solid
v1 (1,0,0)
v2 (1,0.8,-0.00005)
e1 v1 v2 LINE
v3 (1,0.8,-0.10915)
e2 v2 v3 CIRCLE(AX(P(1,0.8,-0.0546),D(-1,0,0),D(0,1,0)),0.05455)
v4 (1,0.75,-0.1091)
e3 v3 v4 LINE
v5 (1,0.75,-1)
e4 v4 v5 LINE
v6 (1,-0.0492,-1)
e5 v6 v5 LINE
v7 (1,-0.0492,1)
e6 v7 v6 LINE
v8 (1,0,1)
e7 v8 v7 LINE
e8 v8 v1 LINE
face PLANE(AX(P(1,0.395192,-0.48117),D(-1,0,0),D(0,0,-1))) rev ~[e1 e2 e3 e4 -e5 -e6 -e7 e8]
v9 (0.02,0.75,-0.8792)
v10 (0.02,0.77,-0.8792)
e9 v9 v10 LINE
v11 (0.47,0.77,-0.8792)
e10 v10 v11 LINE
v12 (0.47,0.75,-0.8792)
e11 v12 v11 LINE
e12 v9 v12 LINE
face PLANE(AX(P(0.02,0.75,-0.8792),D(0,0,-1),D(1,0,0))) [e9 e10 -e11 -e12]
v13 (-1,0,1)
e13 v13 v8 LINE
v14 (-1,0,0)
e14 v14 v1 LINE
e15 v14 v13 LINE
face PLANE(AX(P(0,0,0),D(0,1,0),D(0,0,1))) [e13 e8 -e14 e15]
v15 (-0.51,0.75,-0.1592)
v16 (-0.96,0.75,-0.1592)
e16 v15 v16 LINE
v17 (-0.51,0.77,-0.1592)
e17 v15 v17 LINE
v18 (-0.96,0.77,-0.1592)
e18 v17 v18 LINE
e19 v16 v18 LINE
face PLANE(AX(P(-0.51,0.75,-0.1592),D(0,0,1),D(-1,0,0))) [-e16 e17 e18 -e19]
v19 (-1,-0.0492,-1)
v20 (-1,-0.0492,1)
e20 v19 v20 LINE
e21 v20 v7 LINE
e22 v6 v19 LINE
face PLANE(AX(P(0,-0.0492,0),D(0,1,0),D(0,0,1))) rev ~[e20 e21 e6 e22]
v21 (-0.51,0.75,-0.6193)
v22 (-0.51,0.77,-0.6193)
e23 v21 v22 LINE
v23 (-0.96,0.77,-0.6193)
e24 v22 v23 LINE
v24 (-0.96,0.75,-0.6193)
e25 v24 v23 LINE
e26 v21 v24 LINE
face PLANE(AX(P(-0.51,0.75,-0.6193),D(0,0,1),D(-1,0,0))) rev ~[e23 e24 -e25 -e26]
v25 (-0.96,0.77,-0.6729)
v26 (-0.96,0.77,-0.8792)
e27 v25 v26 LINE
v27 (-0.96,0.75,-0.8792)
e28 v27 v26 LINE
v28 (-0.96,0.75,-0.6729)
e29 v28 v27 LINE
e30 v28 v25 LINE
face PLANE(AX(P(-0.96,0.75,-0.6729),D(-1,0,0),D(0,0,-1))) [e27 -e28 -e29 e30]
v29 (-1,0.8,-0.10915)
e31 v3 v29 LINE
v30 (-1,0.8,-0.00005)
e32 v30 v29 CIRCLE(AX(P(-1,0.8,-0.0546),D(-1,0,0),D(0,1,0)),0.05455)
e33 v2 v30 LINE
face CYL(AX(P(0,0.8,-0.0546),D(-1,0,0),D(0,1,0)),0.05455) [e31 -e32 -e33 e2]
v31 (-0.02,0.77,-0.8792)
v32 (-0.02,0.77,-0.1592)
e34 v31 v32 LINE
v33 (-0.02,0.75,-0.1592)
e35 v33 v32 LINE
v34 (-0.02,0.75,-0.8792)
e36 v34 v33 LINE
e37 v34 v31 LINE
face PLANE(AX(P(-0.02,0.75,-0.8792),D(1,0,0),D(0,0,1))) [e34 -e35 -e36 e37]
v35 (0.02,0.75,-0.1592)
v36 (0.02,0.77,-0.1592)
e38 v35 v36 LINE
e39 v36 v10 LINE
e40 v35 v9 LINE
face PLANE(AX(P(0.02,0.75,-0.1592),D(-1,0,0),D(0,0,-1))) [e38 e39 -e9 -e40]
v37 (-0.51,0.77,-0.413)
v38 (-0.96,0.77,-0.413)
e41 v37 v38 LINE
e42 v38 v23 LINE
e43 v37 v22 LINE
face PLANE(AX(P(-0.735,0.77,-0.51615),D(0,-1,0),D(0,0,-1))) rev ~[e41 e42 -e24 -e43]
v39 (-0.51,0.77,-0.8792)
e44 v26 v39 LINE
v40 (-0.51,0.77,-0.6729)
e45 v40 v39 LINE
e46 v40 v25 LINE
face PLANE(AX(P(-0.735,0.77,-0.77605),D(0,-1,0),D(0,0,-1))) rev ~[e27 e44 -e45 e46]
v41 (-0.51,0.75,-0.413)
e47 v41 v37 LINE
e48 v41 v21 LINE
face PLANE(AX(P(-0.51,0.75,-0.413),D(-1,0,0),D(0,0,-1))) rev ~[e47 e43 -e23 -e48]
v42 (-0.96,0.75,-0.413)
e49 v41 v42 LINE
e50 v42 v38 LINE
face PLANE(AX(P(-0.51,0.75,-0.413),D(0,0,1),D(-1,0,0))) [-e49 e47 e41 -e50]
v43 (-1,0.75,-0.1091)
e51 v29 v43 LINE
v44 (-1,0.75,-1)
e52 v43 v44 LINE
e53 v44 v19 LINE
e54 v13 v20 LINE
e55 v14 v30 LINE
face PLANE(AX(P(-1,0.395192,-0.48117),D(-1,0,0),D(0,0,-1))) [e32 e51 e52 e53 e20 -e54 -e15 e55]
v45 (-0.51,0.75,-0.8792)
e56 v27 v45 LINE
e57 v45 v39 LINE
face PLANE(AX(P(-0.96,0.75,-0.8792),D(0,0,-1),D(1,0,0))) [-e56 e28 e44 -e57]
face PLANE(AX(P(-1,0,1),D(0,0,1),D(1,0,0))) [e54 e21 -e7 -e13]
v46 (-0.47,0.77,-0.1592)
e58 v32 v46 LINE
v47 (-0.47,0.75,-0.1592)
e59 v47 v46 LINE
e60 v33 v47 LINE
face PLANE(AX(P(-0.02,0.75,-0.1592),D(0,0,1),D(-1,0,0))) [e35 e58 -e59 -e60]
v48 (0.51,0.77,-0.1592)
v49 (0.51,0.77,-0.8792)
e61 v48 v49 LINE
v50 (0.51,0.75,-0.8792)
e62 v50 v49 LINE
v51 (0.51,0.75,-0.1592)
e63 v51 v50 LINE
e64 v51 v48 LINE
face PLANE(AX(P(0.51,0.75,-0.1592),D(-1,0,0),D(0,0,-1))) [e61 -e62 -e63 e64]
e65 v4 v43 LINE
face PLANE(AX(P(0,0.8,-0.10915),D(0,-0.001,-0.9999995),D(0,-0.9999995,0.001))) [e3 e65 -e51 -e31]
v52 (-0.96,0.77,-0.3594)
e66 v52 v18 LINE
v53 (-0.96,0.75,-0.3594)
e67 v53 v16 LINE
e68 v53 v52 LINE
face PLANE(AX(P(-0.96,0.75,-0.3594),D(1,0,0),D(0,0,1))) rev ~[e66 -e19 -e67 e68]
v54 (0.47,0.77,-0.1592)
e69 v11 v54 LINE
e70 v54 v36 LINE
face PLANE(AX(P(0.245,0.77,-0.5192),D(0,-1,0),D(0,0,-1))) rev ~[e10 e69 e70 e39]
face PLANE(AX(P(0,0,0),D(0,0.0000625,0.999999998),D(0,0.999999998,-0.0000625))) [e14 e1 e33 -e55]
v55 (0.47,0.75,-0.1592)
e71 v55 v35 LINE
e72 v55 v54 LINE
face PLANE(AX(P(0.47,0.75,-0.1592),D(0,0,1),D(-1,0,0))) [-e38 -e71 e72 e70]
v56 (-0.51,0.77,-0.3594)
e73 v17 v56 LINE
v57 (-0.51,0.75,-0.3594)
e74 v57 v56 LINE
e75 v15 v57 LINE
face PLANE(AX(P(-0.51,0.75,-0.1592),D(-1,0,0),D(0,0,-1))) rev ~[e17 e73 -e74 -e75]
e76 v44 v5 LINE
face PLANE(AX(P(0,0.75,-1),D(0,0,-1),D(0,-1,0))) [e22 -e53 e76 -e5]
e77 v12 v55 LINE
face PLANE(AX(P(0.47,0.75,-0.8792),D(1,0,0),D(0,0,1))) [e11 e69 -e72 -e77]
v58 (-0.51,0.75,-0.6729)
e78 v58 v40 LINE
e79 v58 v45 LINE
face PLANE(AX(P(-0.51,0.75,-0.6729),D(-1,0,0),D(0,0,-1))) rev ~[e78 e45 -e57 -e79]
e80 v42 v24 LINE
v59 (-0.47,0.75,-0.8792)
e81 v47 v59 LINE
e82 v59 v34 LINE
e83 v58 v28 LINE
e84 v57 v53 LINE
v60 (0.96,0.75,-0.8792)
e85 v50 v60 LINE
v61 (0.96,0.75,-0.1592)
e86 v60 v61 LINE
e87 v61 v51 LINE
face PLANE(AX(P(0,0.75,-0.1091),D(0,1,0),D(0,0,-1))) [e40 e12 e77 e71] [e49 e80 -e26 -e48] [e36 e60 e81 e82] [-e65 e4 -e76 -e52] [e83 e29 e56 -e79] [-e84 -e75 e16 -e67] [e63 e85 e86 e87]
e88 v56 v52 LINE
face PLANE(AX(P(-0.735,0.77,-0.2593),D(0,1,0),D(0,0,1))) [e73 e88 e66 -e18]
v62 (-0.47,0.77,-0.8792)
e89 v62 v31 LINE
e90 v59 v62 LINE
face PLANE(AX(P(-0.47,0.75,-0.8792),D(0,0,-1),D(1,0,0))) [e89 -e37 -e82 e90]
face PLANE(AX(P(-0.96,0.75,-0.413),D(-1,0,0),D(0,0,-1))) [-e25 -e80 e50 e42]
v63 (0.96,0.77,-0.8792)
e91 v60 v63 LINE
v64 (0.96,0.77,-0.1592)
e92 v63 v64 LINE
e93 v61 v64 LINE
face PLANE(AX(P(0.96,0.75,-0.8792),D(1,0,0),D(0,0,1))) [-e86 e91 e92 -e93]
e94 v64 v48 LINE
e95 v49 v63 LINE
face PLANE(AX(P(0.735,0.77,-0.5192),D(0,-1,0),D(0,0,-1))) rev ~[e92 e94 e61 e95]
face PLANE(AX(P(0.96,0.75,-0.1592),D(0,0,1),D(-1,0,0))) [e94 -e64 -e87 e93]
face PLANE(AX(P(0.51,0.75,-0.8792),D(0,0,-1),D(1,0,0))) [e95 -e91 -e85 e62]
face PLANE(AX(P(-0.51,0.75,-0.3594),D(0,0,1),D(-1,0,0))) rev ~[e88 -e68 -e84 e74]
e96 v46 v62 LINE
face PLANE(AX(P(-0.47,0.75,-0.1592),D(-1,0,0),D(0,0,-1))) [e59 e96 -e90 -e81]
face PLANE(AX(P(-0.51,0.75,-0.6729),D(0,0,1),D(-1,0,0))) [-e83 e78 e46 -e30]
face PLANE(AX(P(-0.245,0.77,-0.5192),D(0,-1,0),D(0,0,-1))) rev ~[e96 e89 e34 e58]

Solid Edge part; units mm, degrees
sketch "Sketch1" plane through (0, 0, 0) normal (1, 0, 0) x (0, 1, 0)
  line L0 (0, 0) -> (0.8, 0)
  arc A0 (0.8, 0) -> (0.8, -0.1091) centre (0.8, -0.0546) cw
  line L1 (0.8, -0.1091) -> (0.75, -0.1091)
  line L2 (0.75, -0.1091) -> (0.75, -1)
  line L3 (0.75, -1) -> (0, -1)
  line L4 (0, -1) -> (0, 0)
extrude "Protrusion1" add sketch "Sketch1" along normal mid plane 2
sketch "Sketch2" plane through (0, 0.75, -0.5546) normal (0, 1, 0) x (-1, 0, 0)
  line L0 (0.51, 0.1952) -> (0.96, 0.1952)
  line L1 (0.96, 0.1952) -> (0.96, 0.3954)
  line L2 (0.51, 0.3954) -> (0.96, 0.3954)
  line L3 (0.51, 0.3954) -> (0.51, 0.1952)
  line L4 (0.51, 0.1416) -> (0.96, 0.1416)
  line L5 (0.96, 0.1416) -> (0.96, -0.0647)
  line L6 (0.51, -0.0647) -> (0.96, -0.0647)
  line L7 (0.51, 0.1416) -> (0.51, -0.0647)
  line L8 (0.96, -0.1183) -> (0.96, -0.3246)
  line L9 (0.96, -0.3246) -> (0.51, -0.3246)
  line L10 (0.51, -0.1183) -> (0.51, -0.3246)
  line L11 (0.51, -0.1183) -> (0.96, -0.1183)
  line L12 (0.47, 0.3954) -> (0.47, -0.3246)
  line L13 (0.47, -0.3246) -> (0.02, -0.3246)
  line L14 (0.02, -0.3246) -> (0.02, 0.3954)
  line L15 (0.02, 0.3954) -> (0.47, 0.3954)
  line L16 (-0.02, 0.3954) -> (-0.02, -0.3246)
  line L17 (-0.02, -0.3246) -> (-0.47, -0.3246)
  line L18 (-0.47, -0.3246) -> (-0.47, 0.3954)
  line L19 (-0.47, 0.3954) -> (-0.02, 0.3954)
  line L20 (-0.51, 0.3954) -> (-0.51, -0.3246)
  line L21 (-0.51, -0.3246) -> (-0.96, -0.3246)
  line L22 (-0.96, -0.3246) -> (-0.96, 0.3954)
  line L23 (-0.96, 0.3954) -> (-0.51, 0.3954)
  dimension "D1" = 0.45
  dimension "D2" = 0.72
  dimension "D3" = 0.05
extrude "ExtrudedProtrusion_2" add sketch "Sketch2" along normal blind 0.02
sketch "Sketch3" plane through (0, 0, 0) normal (0, 1, 0) x (-1, 0, 0)
  line L0 (-1, 1) -> (-1, -1)
  line L1 (-1, -1) -> (1, -1)
  line L2 (1, -1) -> (1, 1)
  line L3 (1, 1) -> (-1, 1)
extrude "ExtrudedProtrusion_3" add sketch "Sketch3" against normal blind 0.0492
